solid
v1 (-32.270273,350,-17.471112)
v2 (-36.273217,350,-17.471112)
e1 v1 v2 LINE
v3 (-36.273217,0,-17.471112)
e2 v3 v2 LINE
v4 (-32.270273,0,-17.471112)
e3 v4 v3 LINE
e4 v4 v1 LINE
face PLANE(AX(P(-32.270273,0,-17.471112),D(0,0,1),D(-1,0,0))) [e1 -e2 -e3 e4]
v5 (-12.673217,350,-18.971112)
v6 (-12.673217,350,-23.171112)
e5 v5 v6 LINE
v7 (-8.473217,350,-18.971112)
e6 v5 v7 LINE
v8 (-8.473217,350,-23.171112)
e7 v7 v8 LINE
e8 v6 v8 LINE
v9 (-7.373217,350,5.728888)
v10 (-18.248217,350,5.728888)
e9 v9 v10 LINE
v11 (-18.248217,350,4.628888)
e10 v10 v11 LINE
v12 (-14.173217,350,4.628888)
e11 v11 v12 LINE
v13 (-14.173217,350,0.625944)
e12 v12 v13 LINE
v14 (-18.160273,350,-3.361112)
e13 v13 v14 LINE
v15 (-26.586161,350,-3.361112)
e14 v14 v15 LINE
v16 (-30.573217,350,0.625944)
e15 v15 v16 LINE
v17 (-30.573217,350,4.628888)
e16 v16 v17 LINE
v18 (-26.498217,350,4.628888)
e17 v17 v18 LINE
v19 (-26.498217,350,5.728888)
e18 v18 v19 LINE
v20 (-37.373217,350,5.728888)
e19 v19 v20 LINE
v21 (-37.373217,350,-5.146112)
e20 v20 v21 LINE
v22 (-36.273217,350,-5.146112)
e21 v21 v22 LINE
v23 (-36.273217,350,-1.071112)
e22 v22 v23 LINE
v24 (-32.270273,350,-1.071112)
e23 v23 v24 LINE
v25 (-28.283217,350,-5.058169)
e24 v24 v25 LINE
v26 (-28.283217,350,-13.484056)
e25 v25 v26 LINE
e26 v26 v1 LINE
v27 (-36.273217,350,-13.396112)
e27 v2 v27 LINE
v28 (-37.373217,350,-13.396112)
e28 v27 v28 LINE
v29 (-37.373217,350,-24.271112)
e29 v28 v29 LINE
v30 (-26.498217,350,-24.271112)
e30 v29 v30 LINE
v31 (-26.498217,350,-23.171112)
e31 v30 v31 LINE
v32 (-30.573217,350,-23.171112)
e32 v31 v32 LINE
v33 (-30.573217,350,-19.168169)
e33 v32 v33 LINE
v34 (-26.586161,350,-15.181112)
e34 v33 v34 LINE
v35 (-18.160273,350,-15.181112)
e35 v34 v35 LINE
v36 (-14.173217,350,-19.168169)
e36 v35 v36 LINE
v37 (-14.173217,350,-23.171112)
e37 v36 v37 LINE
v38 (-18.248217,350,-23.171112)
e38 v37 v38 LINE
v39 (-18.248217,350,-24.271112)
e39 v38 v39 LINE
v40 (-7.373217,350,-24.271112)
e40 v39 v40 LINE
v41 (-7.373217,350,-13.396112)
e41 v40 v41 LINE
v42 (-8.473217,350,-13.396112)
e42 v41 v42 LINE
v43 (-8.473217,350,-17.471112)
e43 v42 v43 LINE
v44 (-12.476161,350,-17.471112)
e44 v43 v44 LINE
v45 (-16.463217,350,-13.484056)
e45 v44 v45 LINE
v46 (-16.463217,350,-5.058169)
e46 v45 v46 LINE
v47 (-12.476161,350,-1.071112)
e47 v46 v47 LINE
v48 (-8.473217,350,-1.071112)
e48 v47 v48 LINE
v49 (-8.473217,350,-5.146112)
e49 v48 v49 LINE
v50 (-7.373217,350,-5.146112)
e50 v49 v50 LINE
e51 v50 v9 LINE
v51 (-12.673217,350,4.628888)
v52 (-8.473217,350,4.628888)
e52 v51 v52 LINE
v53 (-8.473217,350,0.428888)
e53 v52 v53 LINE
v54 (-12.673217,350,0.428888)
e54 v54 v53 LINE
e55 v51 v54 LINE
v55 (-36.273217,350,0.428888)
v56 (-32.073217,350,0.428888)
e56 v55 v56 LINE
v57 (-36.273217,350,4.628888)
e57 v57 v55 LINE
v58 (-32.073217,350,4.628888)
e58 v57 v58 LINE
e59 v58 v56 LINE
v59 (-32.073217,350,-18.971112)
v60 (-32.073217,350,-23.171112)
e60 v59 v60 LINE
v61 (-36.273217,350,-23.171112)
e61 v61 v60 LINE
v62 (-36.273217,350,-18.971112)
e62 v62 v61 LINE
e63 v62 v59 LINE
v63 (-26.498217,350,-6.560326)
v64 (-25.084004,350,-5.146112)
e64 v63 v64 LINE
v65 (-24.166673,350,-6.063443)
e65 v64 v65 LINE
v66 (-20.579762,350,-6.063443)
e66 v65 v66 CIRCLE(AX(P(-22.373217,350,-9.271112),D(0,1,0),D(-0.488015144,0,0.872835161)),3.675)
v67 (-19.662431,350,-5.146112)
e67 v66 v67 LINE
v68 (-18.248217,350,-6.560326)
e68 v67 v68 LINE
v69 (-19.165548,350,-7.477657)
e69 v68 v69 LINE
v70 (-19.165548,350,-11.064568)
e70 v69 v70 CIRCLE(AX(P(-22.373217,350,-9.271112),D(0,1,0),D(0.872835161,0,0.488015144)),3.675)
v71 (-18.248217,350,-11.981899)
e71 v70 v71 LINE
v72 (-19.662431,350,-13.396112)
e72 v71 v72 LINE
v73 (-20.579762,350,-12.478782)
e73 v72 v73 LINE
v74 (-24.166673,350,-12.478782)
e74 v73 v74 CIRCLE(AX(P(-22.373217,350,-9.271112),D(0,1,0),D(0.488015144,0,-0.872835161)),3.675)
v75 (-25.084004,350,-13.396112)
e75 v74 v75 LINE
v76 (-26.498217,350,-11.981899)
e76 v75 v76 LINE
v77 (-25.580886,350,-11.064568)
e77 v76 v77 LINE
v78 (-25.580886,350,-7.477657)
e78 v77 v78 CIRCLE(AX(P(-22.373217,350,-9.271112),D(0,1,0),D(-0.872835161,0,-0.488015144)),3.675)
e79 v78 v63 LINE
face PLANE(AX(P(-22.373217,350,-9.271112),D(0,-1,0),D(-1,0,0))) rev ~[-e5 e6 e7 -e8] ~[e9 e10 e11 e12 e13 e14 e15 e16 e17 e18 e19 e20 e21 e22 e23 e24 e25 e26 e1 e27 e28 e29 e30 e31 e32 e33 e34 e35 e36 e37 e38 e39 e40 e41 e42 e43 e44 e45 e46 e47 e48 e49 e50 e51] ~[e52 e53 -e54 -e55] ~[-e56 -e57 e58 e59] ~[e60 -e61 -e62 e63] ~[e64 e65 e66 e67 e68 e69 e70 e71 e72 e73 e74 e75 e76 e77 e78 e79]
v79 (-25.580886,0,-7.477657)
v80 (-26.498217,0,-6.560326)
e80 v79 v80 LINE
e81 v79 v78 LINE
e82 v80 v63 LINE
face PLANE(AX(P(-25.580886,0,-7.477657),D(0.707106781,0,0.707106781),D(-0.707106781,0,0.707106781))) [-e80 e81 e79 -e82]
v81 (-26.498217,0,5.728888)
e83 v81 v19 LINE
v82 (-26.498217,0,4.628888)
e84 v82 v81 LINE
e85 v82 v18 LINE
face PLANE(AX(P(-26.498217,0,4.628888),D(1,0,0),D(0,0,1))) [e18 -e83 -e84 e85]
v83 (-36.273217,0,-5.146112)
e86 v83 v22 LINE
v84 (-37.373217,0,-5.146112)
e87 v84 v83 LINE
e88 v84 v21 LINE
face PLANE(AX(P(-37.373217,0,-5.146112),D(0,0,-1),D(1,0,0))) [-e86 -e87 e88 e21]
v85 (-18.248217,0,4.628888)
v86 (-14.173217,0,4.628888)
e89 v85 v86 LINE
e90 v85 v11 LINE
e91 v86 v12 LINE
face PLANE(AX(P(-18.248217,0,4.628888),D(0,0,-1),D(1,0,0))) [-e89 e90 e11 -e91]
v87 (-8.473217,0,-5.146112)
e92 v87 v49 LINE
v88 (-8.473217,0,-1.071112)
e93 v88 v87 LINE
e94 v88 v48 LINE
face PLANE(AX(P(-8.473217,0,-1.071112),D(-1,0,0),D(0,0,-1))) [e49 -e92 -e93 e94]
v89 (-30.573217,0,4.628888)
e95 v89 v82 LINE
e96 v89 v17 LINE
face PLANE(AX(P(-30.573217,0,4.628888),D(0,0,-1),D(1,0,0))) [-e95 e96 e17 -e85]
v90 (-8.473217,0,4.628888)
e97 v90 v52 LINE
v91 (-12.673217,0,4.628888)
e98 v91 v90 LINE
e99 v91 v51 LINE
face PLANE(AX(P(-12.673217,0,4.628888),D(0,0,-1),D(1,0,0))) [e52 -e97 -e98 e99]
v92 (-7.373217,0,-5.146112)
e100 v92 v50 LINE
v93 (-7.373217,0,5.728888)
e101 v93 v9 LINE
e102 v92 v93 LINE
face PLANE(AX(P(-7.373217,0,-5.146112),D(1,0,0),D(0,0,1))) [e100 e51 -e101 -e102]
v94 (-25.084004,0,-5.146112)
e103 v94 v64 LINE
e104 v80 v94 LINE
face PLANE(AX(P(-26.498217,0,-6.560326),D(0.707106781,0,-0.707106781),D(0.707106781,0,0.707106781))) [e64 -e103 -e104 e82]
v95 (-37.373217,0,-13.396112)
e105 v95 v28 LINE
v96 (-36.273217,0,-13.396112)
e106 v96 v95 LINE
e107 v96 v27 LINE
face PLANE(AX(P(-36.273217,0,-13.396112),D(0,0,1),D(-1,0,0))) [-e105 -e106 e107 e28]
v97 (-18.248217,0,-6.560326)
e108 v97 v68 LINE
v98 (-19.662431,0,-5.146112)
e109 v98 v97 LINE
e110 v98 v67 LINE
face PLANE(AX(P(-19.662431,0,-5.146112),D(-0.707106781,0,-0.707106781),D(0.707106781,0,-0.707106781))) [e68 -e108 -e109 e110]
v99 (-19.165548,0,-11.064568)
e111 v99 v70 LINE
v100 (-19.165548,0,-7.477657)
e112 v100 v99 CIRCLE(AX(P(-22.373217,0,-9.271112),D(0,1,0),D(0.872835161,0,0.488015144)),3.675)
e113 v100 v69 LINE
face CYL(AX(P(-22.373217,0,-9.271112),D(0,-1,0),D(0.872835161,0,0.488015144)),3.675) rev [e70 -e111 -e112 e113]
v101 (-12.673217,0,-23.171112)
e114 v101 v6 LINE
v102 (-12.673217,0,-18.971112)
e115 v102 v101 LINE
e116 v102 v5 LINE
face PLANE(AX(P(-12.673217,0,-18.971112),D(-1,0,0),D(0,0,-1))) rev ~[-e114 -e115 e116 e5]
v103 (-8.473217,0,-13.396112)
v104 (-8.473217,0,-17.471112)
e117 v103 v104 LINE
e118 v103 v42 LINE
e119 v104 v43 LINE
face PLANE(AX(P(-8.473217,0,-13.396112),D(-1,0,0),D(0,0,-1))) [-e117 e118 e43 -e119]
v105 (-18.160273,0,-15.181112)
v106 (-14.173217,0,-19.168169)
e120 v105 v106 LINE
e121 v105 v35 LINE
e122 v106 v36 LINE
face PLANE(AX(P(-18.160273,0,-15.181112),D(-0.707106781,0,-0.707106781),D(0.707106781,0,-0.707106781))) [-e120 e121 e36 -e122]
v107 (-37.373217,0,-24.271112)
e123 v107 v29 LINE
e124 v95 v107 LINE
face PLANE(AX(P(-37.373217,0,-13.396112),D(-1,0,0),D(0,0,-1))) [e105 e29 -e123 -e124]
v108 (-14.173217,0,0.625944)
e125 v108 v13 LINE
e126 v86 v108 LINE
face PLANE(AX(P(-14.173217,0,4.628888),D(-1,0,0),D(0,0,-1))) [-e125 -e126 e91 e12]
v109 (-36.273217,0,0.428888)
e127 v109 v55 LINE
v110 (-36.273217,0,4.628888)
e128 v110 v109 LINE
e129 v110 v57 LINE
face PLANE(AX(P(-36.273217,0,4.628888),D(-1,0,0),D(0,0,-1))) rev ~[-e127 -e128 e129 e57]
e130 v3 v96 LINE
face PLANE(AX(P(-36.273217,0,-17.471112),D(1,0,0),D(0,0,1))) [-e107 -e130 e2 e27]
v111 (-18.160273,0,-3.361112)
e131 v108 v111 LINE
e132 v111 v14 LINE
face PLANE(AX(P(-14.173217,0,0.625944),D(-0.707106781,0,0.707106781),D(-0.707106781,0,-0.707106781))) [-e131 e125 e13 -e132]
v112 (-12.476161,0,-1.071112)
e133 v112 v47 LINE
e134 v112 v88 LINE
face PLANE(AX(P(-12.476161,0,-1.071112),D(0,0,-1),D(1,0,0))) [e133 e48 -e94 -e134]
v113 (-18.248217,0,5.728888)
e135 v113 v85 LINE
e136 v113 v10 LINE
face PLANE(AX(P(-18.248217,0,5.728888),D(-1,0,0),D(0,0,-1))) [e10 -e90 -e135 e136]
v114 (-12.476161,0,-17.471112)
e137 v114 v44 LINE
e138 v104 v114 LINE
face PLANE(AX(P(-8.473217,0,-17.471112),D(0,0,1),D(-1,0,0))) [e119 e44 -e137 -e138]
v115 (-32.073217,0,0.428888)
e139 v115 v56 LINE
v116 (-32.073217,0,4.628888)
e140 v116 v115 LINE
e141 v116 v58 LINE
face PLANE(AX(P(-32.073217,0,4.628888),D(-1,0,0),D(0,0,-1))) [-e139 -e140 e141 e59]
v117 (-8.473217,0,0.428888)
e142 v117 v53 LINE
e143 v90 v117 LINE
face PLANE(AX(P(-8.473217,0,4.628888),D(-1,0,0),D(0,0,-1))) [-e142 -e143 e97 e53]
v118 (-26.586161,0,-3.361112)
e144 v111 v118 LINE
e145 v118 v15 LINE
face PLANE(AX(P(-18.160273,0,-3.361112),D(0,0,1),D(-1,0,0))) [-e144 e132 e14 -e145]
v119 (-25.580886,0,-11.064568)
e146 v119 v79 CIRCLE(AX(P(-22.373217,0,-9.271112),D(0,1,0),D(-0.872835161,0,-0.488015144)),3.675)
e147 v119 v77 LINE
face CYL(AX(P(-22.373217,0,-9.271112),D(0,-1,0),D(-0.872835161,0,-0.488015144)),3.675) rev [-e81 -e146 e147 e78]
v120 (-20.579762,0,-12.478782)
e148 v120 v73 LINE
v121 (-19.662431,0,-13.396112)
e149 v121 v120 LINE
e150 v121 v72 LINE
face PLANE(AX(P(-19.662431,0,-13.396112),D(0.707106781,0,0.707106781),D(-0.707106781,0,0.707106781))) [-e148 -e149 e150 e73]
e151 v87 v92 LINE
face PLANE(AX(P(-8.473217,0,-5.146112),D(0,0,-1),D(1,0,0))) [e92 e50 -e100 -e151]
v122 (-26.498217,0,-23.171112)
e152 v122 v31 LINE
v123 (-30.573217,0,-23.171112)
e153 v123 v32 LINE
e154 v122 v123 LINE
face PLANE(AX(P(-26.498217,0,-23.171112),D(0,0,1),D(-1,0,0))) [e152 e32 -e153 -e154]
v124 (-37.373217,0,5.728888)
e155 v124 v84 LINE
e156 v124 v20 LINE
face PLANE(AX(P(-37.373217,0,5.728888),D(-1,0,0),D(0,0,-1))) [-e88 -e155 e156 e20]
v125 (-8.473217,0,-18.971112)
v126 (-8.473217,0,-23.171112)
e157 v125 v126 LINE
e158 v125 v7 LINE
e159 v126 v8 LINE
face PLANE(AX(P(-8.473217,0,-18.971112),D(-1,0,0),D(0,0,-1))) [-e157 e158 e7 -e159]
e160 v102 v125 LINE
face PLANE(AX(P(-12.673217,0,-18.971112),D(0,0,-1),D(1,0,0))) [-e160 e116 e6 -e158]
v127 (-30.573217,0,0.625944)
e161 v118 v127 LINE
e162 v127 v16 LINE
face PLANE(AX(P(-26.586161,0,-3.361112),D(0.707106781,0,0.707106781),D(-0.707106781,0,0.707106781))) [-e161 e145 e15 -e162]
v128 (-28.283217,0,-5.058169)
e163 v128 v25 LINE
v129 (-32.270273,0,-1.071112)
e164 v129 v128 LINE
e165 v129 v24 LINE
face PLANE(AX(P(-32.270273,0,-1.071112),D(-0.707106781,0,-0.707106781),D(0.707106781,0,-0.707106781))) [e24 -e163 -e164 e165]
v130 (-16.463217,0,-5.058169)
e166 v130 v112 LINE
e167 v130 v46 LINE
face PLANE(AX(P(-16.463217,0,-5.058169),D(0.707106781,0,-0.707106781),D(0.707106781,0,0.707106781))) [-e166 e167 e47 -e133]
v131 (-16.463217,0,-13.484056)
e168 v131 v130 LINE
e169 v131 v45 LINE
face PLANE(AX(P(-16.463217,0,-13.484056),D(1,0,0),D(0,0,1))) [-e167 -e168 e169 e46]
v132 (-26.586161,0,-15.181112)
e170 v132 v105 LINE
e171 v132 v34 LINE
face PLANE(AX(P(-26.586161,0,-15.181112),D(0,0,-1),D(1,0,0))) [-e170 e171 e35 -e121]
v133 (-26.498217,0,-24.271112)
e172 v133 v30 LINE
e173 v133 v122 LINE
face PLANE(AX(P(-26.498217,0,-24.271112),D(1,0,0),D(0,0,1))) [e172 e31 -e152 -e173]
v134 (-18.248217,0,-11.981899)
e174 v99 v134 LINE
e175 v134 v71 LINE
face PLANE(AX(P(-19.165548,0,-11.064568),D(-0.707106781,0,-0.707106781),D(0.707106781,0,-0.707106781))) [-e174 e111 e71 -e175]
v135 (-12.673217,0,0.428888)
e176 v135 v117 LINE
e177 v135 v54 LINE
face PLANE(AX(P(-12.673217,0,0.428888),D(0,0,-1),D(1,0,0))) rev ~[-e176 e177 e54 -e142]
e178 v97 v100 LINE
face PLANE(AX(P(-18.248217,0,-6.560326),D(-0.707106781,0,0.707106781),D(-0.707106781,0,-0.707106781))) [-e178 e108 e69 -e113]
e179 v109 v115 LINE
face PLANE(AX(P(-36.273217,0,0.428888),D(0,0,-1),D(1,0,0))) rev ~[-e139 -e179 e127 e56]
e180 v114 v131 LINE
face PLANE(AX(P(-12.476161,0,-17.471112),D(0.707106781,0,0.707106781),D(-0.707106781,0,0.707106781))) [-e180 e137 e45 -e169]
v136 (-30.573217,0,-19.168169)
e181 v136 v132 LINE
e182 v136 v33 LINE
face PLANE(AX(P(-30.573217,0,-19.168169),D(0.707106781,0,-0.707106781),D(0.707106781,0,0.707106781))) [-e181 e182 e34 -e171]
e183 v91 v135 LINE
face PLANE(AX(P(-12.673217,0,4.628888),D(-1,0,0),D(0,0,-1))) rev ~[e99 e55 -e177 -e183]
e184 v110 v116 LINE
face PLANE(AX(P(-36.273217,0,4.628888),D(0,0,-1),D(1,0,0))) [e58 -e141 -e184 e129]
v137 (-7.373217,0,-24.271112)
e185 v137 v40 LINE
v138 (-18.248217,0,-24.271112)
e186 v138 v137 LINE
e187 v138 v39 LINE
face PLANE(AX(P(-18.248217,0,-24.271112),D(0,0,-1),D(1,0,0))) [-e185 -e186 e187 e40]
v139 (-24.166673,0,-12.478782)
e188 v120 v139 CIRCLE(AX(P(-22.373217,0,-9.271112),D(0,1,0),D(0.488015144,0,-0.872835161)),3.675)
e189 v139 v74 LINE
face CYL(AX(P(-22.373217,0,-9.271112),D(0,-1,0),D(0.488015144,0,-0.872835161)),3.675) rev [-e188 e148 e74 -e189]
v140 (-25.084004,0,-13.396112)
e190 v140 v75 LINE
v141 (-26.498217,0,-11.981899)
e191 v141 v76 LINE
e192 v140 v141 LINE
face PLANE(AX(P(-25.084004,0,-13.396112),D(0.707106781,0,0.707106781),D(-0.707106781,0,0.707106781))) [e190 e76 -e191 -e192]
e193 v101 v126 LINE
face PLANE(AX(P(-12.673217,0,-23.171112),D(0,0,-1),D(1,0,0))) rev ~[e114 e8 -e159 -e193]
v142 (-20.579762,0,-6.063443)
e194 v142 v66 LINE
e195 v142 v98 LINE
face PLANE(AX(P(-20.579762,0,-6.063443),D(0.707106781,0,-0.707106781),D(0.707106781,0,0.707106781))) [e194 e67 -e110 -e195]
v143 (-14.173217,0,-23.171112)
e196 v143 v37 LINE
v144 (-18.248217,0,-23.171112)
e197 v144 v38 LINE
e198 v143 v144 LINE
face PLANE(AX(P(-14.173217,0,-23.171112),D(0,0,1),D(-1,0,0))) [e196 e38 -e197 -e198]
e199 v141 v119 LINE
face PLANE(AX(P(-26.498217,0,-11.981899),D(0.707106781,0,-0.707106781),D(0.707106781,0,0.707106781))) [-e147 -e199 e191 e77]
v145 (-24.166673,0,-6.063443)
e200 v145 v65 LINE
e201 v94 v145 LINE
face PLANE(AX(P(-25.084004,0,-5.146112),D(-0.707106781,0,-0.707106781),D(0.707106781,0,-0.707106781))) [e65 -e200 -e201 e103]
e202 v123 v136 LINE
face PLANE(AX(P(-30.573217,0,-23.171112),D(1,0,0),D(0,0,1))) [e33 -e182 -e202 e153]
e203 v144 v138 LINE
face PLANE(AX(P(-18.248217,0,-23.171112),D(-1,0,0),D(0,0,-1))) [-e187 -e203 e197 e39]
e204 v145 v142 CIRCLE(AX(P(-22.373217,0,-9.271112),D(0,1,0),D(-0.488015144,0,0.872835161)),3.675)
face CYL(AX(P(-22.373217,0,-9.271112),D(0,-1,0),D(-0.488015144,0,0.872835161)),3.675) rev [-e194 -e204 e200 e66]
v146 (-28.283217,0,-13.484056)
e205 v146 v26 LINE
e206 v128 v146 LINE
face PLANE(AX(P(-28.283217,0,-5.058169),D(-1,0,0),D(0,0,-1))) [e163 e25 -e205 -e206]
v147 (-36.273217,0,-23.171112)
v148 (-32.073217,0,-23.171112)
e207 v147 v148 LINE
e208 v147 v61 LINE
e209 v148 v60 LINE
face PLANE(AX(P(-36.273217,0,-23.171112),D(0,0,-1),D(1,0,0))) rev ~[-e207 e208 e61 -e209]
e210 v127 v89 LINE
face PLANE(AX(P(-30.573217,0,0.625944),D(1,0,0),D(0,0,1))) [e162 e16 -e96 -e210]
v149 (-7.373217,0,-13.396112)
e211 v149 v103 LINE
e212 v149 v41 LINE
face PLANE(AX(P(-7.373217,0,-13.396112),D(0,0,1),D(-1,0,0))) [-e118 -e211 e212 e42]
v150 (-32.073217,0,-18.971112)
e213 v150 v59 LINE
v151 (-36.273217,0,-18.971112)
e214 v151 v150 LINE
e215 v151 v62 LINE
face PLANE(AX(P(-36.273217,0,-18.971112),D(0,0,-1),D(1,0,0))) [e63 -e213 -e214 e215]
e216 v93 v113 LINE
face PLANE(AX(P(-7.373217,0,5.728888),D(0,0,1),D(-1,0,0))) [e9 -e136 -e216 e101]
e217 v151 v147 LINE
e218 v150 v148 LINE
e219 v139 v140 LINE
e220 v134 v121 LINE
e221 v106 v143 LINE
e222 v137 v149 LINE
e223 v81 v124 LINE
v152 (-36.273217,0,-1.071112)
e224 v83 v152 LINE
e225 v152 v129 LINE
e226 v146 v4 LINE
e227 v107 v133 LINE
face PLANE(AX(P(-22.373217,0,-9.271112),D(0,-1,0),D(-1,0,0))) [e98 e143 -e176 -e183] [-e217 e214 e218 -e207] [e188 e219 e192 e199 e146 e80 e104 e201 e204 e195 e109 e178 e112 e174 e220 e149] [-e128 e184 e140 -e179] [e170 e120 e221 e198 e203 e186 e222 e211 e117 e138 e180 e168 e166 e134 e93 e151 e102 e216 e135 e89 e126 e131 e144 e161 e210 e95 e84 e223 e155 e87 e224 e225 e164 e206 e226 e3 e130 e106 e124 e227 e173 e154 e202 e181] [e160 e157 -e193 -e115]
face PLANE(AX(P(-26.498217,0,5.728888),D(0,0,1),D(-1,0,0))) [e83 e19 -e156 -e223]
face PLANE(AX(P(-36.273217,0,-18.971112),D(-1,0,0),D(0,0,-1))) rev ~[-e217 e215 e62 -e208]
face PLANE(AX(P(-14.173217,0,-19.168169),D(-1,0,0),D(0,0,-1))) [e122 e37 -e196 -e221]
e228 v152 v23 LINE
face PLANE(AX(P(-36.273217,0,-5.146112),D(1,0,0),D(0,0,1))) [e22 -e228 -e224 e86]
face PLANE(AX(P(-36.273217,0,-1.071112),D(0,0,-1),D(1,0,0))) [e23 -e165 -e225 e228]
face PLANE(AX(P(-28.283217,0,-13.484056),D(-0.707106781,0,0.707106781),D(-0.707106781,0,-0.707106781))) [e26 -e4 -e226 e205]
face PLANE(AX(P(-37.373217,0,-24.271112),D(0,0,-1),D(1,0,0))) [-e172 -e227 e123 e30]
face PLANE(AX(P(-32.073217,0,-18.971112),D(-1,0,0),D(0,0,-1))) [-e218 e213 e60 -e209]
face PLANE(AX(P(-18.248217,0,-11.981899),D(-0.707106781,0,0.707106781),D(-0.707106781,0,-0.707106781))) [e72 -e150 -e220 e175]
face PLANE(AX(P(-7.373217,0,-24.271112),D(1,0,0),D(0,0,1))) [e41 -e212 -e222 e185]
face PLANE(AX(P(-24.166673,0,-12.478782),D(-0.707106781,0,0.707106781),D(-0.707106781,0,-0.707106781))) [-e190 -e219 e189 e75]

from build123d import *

# Parameters (mm, degrees)
CROQUIS2_W              = 4.2
CROQUIS2_H              = 4.2
SALIENTE_EXTRUIR1_DEPTH = 350


with BuildPart() as part:
    # Croquis2 → Saliente-Extruir1 (new body)
    with BuildSketch(Plane(origin=(0, 0, 0), x_dir=(1, 0, 0), z_dir=(0, 1, 0))):
        Polygon((-37.373217156, 24.271112291), (-26.498217156, 24.271112291), (-26.498217156, 23.171112291), (-30.573217156, 23.171112291), (-30.573217156, 19.168168566), (-26.586160881, 15.181112291), (-18.160273431, 15.181112291), (-14.173217156, 19.168168566), (-14.173217156, 23.171112291), (-18.248217156, 23.171112291), (-18.248217156, 24.271112291), (-7.373217156, 24.271112291), (-7.373217156, 13.396112291), (-8.473217156, 13.396112291), (-8.473217156, 17.471112291), (-12.476160881, 17.471112291), (-16.463217156, 13.484056016), (-16.463217156, 5.058168566), (-12.476160881, 1.071112291), (-8.473217156, 1.071112291), (-8.473217156, 5.146112291), (-7.373217156, 5.146112291), (-7.373217156, -5.728887709), (-18.248217156, -5.728887709), (-18.248217156, -4.628887709), (-14.173217156, -4.628887709), (-14.173217156, -0.625943984), (-18.160273431, 3.361112291), (-26.586160881, 3.361112291), (-30.573217156, -0.625943984), (-30.573217156, -4.628887709), (-26.498217156, -4.628887709), (-26.498217156, -5.728887709), (-37.373217156, -5.728887709), (-37.373217156, 5.146112291), (-36.273217156, 5.146112291), (-36.273217156, 1.071112291), (-32.270273431, 1.071112291), (-28.283217156, 5.058168566), (-28.283217156, 13.484056016), (-32.270273431, 17.471112291), (-36.273217156, 17.471112291), (-36.273217156, 13.396112291), (-37.373217156, 13.396112291), align=None)
        with Locations((-10.573217156, 21.071112291)):
            Rectangle(CROQUIS2_W, CROQUIS2_H, mode=Mode.SUBTRACT)
        with Locations((-34.173217156, -2.528887709)):
            Rectangle(CROQUIS2_W, CROQUIS2_H, mode=Mode.SUBTRACT)
        with Locations((-34.173217156, 21.071112291)):
            Rectangle(CROQUIS2_W, CROQUIS2_H, mode=Mode.SUBTRACT)
        with Locations((-10.573217156, -2.528887709)):
            Rectangle(CROQUIS2_W, CROQUIS2_H, mode=Mode.SUBTRACT)
        with BuildLine():
            Line((-19.165547938, 11.064567946), (-18.248217156, 11.981898728))
            Line((-18.248217156, 11.981898728), (-19.662430718, 13.396112291))
            Line((-19.662430718, 13.396112291), (-20.5797615, 12.478781509))
            ThreePointArc((-20.5797615, 12.478781509), (-22.373217156, 12.946112291), (-24.166672811, 12.478781509))
            Line((-24.166672811, 12.478781509), (-25.084003593, 13.396112291))
            Line((-25.084003593, 13.396112291), (-26.498217156, 11.981898728))
            Line((-26.498217156, 11.981898728), (-25.580886374, 11.064567946))
            ThreePointArc((-25.580886374, 11.064567946), (-26.048217156, 9.271112291), (-25.580886374, 7.477656635))
            Line((-25.580886374, 7.477656635), (-26.498217156, 6.560325853))
            Line((-26.498217156, 6.560325853), (-25.084003593, 5.146112291))
            Line((-25.084003593, 5.146112291), (-24.166672811, 6.063443073))
            ThreePointArc((-24.166672811, 6.063443073), (-22.373217156, 5.596112291), (-20.5797615, 6.063443073))
            Line((-20.5797615, 6.063443073), (-19.662430718, 5.146112291))
            Line((-19.662430718, 5.146112291), (-18.248217156, 6.560325853))
            Line((-18.248217156, 6.560325853), (-19.165547938, 7.477656635))
            ThreePointArc((-19.165547938, 7.477656635), (-18.698217156, 9.271112291), (-19.165547938, 11.064567946))
        make_face(mode=Mode.SUBTRACT)
    extrude(amount=SALIENTE_EXTRUIR1_DEPTH)


solid = part.part
